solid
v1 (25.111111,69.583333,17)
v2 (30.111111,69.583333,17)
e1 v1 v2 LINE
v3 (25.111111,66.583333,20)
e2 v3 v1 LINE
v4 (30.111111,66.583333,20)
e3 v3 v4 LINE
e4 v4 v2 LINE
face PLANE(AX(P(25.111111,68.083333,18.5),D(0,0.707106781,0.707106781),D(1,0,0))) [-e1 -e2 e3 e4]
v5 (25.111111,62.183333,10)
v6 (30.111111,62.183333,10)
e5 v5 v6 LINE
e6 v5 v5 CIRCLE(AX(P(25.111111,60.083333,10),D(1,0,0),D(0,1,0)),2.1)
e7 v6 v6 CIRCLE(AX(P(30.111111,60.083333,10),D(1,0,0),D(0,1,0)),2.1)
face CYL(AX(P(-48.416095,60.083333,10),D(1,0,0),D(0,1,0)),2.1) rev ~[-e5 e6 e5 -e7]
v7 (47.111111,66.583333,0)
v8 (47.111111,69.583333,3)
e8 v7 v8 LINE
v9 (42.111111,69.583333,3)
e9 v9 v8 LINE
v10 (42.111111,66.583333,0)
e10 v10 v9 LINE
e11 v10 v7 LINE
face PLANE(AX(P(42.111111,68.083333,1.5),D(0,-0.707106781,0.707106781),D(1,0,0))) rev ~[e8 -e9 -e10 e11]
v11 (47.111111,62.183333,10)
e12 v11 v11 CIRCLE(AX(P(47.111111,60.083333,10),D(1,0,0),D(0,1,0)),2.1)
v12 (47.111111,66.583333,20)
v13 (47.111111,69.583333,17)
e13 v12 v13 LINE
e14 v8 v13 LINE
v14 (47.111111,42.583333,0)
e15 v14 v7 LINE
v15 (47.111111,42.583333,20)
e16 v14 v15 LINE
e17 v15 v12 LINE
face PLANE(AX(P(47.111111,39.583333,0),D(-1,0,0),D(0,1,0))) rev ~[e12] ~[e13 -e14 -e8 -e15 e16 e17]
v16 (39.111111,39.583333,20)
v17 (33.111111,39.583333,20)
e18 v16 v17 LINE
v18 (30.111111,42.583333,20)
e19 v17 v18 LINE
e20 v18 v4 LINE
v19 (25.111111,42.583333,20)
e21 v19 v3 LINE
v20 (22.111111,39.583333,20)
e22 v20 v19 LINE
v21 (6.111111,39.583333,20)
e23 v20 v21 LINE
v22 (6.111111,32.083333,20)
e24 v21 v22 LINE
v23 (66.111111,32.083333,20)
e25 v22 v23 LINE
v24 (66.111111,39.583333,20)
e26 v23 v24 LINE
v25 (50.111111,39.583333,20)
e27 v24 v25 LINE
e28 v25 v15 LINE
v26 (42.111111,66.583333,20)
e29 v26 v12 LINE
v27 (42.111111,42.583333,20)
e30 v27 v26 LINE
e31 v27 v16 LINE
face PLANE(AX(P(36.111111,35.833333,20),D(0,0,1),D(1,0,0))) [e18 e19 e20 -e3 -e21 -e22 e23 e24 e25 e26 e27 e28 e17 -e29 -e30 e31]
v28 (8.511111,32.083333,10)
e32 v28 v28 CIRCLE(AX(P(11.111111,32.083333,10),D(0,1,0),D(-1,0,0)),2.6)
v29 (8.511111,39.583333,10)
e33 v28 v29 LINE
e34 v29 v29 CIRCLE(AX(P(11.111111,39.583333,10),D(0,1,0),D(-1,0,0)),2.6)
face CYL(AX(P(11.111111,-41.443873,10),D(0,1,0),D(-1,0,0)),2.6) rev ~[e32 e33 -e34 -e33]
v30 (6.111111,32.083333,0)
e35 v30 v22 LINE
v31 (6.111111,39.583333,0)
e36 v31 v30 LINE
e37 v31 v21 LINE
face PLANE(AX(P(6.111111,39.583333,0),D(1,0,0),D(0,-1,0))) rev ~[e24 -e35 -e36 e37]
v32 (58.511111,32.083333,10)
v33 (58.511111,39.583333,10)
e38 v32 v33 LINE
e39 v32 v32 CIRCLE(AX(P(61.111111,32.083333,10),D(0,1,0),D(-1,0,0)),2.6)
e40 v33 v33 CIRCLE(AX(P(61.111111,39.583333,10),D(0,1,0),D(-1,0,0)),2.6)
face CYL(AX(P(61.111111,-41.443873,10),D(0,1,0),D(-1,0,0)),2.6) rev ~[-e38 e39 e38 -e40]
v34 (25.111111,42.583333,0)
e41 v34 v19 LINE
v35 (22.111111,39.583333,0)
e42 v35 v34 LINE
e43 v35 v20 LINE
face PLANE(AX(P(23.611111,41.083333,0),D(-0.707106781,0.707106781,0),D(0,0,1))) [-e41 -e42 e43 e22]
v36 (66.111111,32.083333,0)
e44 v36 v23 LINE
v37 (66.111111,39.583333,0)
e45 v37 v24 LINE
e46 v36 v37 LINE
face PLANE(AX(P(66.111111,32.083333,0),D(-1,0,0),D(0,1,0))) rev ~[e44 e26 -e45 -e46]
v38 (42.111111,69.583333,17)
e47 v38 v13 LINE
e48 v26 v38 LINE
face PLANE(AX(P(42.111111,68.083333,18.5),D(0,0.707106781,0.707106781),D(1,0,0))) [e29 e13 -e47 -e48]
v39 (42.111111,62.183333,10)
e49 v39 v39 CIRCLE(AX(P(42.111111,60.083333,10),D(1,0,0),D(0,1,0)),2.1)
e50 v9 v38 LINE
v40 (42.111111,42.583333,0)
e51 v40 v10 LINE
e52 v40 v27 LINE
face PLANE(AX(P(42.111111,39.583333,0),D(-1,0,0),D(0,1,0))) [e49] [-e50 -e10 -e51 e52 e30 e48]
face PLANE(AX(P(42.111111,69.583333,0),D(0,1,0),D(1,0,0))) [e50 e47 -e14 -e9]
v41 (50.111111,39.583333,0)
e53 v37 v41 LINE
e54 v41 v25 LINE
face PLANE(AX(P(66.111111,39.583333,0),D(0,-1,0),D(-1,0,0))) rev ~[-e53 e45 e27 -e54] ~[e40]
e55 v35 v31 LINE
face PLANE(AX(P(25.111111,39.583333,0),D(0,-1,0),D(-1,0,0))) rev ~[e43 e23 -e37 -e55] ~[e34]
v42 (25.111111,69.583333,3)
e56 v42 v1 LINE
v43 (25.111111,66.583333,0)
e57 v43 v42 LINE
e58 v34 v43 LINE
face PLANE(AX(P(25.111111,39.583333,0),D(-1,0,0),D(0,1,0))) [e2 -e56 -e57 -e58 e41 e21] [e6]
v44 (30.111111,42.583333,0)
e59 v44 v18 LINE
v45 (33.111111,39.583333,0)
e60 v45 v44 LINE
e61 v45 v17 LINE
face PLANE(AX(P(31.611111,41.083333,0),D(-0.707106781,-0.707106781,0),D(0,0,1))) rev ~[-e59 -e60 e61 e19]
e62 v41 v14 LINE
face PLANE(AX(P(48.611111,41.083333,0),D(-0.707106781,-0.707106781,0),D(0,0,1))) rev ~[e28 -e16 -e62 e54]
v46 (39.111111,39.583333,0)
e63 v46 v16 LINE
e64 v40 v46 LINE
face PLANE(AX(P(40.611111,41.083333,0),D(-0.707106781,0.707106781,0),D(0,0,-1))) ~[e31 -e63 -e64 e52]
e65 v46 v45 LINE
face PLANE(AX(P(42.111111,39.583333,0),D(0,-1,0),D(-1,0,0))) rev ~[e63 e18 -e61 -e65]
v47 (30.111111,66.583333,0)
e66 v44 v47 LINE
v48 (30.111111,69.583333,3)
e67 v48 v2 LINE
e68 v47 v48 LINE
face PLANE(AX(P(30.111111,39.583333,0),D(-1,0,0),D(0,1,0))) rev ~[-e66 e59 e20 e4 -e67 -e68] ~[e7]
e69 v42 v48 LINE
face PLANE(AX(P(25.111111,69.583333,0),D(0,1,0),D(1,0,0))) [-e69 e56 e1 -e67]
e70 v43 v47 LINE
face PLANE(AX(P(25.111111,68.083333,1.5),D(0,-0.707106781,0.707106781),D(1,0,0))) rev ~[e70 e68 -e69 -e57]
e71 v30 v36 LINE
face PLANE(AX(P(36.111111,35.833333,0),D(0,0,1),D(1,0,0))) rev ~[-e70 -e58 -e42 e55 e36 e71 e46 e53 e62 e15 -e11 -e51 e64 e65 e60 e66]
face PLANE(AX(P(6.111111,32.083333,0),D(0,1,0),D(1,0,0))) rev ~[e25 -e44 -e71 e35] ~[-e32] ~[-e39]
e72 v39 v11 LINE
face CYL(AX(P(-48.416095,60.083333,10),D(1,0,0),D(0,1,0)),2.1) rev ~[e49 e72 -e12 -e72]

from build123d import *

# Parameters (mm, degrees)
F0_W     = 5
F0_H     = 30
F1_DEPTH = 20
F3_D     = 5.2
F5_D     = 4.2
F6_SIZE  = 3


with BuildPart() as f1:
    # F0 (on Top) → F1 (new body)
    with BuildSketch(Plane.XY):
        Polygon((6.111111, 39.583333), (6.111111, 32.083333), (66.111111, 32.083333), (66.111111, 39.583333), (47.111111, 39.583333), (42.111111, 39.583333), (30.111111, 39.583333), (25.111111, 39.583333), align=None)
        with Locations((27.611111, 54.583333)):
            Rectangle(F0_W, F0_H)
        with Locations((44.611111, 54.583333)):
            Rectangle(F0_W, F0_H)
    extrude(amount=F1_DEPTH)

    # F3 (through all)
    with Locations(Plane.XZ.offset(-32.083333)):
        with Locations((11.111111, 10), (61.111111, 10)):
            Hole(F3_D / 2)

    # F5 (through all)
    with Locations(Plane(origin=(25.111111, 0, 0), x_dir=(0, -1, 0), z_dir=(-1, 0, 0))):
        with Locations((-60.083333, 10)):
            Hole(F5_D / 2)

    # F6
    f6_edges = [f1.edges().sort_by_distance(p)[0] for p in [
        (27.611111, 69.583333, 20),
        (44.611111, 69.583333, 20),
        (44.611111, 69.583333, 0),
        (27.611111, 69.583333, 0),
        (25.111111, 39.583333, 10),
        (47.111111, 39.583333, 10),
        (42.111111, 39.583333, 10),
        (30.111111, 39.583333, 10),
    ]]
    chamfer(f6_edges, length=F6_SIZE)


solid = f1.part
